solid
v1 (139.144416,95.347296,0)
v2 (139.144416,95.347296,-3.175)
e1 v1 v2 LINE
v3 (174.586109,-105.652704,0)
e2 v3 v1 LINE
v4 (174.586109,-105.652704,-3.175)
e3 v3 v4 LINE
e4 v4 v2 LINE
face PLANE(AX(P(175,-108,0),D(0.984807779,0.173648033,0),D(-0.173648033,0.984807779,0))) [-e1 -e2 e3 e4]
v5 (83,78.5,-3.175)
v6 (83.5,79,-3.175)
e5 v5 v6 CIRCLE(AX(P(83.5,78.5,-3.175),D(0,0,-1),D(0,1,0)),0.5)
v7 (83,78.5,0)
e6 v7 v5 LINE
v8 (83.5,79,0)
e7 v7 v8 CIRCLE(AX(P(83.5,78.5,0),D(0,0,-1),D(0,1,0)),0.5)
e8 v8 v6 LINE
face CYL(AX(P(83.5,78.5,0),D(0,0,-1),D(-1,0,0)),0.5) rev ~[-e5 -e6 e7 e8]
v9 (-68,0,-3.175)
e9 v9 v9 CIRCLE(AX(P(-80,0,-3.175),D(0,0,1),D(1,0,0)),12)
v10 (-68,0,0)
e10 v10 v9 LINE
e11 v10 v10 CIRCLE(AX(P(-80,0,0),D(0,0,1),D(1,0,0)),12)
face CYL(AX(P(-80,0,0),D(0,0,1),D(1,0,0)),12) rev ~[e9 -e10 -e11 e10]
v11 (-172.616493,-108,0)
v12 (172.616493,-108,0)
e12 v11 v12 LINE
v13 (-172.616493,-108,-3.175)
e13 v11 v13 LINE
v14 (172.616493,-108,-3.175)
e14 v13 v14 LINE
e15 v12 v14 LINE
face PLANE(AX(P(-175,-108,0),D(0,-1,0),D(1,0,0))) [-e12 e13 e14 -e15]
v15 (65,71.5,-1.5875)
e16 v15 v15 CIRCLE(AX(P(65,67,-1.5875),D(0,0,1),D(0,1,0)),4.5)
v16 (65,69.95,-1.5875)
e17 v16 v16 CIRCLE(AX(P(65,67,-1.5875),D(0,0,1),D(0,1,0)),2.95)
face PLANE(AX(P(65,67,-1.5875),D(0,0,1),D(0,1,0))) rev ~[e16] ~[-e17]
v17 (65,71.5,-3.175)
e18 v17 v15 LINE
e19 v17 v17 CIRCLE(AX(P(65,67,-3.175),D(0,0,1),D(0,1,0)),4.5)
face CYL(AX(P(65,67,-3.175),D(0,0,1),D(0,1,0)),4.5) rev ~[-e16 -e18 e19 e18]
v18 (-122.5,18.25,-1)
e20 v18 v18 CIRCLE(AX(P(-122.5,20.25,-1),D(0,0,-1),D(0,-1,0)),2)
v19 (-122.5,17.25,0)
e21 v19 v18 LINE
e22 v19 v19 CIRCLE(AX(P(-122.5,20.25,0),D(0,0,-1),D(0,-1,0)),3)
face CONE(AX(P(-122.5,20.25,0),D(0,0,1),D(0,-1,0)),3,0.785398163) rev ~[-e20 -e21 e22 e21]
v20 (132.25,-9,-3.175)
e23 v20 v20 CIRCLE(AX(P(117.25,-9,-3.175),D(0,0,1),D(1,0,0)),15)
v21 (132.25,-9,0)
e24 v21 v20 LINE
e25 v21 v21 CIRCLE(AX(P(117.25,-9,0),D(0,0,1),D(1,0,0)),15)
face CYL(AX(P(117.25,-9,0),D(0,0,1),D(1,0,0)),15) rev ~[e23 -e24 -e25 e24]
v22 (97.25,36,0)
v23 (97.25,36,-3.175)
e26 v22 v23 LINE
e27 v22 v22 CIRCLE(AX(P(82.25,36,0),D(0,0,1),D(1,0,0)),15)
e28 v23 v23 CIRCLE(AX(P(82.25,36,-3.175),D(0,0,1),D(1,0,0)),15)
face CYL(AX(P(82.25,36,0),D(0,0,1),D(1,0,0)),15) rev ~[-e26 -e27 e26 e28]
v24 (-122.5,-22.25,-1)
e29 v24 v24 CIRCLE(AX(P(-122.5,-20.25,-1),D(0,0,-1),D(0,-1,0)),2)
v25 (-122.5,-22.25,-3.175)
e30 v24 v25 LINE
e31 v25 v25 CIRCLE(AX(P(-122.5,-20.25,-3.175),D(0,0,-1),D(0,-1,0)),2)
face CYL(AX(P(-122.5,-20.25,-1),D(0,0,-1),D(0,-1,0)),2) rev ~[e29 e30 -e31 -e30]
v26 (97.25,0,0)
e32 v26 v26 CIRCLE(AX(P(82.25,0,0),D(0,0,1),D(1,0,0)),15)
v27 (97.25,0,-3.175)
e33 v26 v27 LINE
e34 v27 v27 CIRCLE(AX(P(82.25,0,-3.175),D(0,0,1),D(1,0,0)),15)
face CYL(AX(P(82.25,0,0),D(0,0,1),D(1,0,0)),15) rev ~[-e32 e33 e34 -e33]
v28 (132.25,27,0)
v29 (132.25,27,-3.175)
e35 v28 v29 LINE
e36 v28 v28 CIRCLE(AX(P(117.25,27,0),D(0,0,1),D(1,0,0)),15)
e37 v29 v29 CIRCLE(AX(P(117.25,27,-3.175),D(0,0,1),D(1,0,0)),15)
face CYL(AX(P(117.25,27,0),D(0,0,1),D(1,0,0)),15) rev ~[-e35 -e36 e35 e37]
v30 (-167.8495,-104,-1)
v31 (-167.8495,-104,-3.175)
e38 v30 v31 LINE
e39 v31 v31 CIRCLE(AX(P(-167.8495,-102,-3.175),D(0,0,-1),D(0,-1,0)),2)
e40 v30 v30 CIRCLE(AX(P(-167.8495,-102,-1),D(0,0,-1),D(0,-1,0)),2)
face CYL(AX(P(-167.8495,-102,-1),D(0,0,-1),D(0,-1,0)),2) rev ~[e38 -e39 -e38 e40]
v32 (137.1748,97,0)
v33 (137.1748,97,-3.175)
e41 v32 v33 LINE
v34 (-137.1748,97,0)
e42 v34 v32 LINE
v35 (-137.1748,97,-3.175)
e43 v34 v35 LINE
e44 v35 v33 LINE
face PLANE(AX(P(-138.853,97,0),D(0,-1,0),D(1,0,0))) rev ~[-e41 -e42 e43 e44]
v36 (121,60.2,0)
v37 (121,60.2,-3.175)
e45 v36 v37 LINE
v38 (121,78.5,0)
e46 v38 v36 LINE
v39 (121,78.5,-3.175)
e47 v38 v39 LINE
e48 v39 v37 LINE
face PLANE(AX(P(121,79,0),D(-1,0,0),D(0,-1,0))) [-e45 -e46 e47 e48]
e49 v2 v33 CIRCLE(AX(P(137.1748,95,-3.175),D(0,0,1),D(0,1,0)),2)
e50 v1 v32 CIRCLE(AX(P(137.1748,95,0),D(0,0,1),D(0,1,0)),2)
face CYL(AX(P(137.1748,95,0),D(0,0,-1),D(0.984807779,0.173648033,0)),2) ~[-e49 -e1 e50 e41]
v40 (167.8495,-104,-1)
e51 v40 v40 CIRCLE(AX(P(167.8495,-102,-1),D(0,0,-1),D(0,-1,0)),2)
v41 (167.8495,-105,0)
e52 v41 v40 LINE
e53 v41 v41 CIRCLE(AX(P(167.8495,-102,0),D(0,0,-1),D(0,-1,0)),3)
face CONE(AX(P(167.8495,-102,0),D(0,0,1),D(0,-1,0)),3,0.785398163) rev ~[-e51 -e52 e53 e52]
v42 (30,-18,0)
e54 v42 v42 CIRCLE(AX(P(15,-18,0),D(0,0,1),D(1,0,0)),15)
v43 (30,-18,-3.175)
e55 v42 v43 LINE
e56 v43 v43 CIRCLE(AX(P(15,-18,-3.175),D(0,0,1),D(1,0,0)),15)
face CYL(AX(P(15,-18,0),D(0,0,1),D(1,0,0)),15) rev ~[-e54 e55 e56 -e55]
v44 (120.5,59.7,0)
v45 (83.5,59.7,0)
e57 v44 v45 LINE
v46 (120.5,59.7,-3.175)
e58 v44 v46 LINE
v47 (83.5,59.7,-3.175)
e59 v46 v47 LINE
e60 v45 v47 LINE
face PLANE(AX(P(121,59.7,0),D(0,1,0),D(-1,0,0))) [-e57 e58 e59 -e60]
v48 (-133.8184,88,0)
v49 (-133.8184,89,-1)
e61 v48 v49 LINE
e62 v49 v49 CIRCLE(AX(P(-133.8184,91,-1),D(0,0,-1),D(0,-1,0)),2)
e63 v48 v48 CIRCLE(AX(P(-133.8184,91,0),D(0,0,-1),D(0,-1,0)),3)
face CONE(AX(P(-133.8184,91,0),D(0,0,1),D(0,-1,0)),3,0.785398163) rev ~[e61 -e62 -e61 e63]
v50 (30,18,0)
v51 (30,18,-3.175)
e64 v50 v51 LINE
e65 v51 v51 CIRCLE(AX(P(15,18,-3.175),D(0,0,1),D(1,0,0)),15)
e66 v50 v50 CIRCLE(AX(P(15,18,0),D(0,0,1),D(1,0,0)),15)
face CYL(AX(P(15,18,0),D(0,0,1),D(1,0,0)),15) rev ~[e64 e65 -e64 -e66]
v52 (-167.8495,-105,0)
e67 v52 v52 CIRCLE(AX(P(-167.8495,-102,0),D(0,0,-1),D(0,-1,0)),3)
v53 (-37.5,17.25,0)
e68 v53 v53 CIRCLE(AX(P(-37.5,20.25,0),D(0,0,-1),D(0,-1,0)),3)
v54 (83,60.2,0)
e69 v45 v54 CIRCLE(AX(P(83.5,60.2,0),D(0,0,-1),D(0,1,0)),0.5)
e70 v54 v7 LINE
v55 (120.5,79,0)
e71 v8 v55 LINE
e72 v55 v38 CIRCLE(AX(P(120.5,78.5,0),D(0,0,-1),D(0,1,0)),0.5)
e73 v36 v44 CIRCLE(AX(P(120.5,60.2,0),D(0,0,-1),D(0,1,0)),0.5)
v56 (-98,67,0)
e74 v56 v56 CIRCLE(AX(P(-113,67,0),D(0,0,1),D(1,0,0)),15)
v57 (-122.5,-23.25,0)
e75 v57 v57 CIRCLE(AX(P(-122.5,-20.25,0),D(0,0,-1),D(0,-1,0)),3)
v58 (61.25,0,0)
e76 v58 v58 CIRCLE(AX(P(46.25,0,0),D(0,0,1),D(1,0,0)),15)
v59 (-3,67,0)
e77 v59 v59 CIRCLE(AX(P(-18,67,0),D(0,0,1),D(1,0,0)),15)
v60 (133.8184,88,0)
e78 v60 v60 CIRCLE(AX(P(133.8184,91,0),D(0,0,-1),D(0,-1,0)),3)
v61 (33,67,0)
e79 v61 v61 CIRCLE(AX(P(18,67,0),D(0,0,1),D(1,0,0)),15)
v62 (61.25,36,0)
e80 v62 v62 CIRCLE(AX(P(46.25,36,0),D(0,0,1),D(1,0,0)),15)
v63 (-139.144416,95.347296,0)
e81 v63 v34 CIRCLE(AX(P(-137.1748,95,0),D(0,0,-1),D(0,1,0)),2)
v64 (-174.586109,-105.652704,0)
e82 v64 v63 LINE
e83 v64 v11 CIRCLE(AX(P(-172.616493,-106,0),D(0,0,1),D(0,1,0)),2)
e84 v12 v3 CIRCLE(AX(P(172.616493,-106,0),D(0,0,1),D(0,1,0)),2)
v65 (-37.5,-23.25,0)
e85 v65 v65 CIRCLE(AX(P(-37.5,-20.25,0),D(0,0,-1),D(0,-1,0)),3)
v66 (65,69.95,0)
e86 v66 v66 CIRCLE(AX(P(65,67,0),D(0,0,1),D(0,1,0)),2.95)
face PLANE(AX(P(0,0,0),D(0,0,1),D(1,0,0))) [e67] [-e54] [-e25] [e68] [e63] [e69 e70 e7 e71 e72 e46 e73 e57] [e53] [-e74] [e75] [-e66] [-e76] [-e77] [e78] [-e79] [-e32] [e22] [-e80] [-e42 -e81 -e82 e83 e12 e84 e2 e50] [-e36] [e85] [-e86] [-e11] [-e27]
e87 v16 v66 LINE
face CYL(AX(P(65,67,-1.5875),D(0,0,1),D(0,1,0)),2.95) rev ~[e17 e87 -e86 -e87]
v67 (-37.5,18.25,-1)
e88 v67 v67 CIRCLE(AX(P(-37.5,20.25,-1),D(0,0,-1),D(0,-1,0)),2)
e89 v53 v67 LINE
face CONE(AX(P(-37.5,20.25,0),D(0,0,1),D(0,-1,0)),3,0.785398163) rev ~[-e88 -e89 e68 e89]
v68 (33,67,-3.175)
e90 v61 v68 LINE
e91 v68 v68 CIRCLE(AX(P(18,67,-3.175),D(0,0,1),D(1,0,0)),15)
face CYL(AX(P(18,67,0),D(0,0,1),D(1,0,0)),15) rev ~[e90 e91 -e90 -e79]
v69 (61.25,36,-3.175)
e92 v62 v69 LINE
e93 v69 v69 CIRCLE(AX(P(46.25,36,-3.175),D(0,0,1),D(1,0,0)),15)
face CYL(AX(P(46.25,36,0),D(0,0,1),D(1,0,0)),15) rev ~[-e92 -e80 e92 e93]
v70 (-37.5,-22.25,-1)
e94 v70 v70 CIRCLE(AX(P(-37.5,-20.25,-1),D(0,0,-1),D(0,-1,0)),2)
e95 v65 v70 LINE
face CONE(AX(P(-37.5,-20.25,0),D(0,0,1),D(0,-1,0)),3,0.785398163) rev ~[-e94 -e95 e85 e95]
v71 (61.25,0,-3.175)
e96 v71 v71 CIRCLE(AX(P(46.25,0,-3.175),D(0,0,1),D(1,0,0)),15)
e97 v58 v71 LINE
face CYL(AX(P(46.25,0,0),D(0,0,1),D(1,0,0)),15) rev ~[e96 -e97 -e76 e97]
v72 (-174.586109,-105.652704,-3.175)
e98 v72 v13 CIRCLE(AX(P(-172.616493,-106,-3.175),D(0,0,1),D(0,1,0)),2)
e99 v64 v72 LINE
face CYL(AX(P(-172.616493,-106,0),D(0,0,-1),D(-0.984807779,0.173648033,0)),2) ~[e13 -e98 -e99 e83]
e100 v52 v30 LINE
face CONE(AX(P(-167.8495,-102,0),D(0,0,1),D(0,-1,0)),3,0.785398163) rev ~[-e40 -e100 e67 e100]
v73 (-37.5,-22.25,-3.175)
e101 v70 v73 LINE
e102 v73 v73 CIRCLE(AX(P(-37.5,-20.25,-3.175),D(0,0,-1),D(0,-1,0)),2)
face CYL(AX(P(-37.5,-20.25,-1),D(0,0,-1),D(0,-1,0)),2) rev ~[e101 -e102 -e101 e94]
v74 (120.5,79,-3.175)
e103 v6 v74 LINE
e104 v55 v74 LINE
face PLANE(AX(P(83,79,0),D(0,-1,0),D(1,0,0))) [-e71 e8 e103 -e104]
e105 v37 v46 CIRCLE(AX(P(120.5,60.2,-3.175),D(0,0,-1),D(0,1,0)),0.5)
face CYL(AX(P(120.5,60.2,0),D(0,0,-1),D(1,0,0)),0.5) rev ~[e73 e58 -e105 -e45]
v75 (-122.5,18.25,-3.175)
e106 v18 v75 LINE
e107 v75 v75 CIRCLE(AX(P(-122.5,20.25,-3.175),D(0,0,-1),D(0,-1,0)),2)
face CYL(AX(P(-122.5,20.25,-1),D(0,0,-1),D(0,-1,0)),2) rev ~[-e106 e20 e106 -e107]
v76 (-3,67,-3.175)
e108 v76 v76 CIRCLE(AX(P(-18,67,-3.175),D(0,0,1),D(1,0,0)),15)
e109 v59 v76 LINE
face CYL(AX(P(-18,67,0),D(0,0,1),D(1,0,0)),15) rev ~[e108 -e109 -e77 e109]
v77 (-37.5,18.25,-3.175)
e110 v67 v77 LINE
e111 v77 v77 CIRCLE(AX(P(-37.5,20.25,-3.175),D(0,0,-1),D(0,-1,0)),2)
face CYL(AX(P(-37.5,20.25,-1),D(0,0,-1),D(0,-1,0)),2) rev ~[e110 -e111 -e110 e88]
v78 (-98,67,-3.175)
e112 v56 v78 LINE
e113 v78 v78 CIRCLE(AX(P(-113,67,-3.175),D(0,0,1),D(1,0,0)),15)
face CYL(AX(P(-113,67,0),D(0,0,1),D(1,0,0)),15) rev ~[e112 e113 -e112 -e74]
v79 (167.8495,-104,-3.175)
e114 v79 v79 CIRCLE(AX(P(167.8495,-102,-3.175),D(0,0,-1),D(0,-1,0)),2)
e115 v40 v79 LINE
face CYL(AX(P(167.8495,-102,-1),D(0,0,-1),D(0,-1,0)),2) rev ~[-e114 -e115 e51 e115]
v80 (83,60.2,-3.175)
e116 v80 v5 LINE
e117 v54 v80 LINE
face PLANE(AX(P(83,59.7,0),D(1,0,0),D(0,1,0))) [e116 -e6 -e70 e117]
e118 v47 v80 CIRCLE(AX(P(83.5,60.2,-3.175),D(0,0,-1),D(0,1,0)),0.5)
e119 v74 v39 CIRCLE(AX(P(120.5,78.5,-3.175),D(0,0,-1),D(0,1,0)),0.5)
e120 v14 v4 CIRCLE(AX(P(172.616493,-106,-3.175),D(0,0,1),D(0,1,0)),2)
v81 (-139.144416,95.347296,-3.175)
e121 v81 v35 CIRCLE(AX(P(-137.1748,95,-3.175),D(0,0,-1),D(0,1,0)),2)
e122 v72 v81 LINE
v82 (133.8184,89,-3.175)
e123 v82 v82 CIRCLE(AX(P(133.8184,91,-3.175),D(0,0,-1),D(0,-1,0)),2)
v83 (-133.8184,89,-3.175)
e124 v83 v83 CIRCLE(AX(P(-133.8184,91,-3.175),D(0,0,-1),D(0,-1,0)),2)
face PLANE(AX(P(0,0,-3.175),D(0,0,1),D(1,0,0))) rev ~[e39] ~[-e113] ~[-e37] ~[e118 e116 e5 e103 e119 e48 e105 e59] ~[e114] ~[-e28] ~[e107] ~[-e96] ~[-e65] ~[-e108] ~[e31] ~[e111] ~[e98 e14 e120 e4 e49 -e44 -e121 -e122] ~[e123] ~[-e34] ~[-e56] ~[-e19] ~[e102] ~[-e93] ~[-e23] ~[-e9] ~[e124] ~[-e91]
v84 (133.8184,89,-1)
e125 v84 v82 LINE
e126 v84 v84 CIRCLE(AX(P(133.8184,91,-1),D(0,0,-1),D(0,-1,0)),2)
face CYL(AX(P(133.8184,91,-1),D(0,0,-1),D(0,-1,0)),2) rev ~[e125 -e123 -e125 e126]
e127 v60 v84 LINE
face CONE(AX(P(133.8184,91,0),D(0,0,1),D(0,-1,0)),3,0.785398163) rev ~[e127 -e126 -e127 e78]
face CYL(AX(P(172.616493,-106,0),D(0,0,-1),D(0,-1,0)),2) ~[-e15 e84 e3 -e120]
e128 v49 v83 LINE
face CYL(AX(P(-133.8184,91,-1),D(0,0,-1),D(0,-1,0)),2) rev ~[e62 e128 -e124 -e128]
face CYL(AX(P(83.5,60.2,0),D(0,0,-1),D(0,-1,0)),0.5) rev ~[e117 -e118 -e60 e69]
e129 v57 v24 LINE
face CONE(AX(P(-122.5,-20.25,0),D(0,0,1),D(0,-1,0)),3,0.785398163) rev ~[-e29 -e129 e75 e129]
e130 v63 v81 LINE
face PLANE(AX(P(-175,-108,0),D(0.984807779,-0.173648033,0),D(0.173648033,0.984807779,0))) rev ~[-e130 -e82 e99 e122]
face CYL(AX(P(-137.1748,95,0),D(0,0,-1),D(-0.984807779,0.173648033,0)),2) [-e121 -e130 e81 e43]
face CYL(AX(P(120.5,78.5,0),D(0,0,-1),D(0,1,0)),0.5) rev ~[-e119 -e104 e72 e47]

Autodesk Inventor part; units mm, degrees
ref_plane "YZ Plane" through (0, 0, 0) normal (1, 0, 0) x (0, 1, 0)
ref_plane "XZ Plane" through (0, 0, 0) normal (0, 1, 0) x (-1, 0, 0)
ref_plane "XY Plane" through (0, 0, 0) normal (0, 0, 1) x (1, 0, 0)
sketch "Sketch1" plane through (0, 0, 0) normal (0, 0, 1) x (1, 0, 0)
  circle A0 centre (-80, 0) radius 12
  circle A1 centre (15, -18) radius 15
  circle A2 centre (15, 18) radius 15
  circle A3 centre (46.25, 0) radius 15
  circle A4 centre (46.25, 36) radius 15
  circle A5 centre (82.25, 0) radius 15
  circle A6 centre (82.25, 36) radius 15
  circle A7 centre (117.25, -9) radius 15
  circle A8 centre (117.25, 27) radius 15
  line L0 (-175, -108) -> (175, -108)
  line L1 (-175, -108) -> (-138.853, 97)
  line L2 (175, -108) -> (138.853, 97)
  line L3 (-138.853, 97) -> (138.853, 97)
  line L4 (46.25, 36) -> (82.25, 36) construction
  line L5 (82.25, 36) -> (82.25, 0) construction
  line L6 (46.25, 36) -> (46.25, 0) construction
  line L7 (46.25, 0) -> (82.25, 0) construction
  line L8 (117.25, 27) -> (117.25, -9) construction
  line L9 (15, 18) -> (15, -18) construction
  circle A9 centre (18, 67) radius 15
  circle A10 centre (-18, 67) radius 15
  circle A11 centre (-113, 67) radius 15
  line L10 (83, 79) -> (121, 79)
  line L11 (121, 79) -> (121, 59.7)
  line L12 (121, 59.7) -> (83, 59.7)
  line L13 (83, 59.7) -> (83, 79)
  line L14 (0, 97) -> (0, -108) construction
  point P0 (0, 0)
  point P1 (-167.8495, -102)
  point P2 (-133.8184, 91)
  point P3 (167.8495, -102)
  point P4 (133.8184, 91)
  point P5 (-122.5, -20.25)
  point P6 (-37.5, -20.25)
  point P7 (-122.5, 20.25)
  point P8 (-37.5, 20.25)
  dimension "d3" = 24
  dimension "d18" = 30
  dimension "d37" = 90
  dimension "d38" = 80
  dimension "d40" = 80
  dimension "d42" = 350
  dimension "d45" = 31.25
  dimension "d46" = 36
  dimension "d47" = 35
  dimension "d48" = 18
  dimension "d49" = 18
  dimension "d50" = 18
  dimension "d51" = 9
  dimension "d52" = 27
  dimension "d53" = 95
  dimension "d57" = 205
  dimension "d58" = 160
  dimension "d65" = 19.3
  dimension "d66" = 38
  dimension "d67" = 30
  dimension "d73" = 30
  dimension "d74" = 36
  dimension "d76" = 18
  dimension "d77" = 95
  dimension "d78" = 18
  dimension "d79" = 65
  dimension "d92" = 6
  dimension "d93" = 6
  dimension "d94" = 6
  dimension "d95" = 6
  dimension "d96" = 20.25
  dimension "d102" = 42.5
  dimension "d103" = 85
  dimension "d104" = 40.5
extrude "Extrusion5" add sketch "Sketch1" against normal blind 3.175
hole "Hole1" at (-167.8495, -102, 0) at (-133.8184, 91, 0) at (133.8184, 91, 0) at (167.8495, -102, 0) at (-122.5, -20.25, 0) at (-37.5, -20.25, 0) at (-122.5, 20.25, 0) at (-37.5, 20.25, 0) direction (0, 0, -1) diameter 4 end through all countersink diameter 6 countersink angle 90
fillet "Fillet9" radius 2 1 edges at (-138.853, 97, -1.5875)
fillet "Fillet10" radius 2 1 edges at (-175, -108, -1.5875)
fillet "Fillet11" radius 2 1 edges at (175, -108, -1.5875)
fillet "Fillet12" radius 2 1 edges at (138.853, 97, -1.5875)
fillet "Fillet13" radius 0.5 1 edges at (83, 79, -1.5875)
fillet "Fillet14" radius 0.5 1 edges at (121, 79, -1.5875)
fillet "Fillet15" radius 0.5 1 edges at (121, 59.7, -1.5875)
fillet "Fillet16" radius 0.5 1 edges at (83, 59.7, -1.5875)
sketch "Sketch2" plane through (0, 0, -3.175) normal (0, 0, -1) x (-1, 0, 0)
  line L0 (-83, 78.5) -> (-83, 60.2) projected
  circle A0 centre (-18, 67) radius 15 projected
  point P0 (0, 0)
  point P1 (-65, 67)
  dimension "d130" = 18
hole "Hole3" at (65, 67, -3.175) direction (0, 0, 1) diameter 5.9 end through all counterbore diameter 9 counterbore depth 1.5875
properties part number "Panel_top" material "Aluminum 1100-H18"
